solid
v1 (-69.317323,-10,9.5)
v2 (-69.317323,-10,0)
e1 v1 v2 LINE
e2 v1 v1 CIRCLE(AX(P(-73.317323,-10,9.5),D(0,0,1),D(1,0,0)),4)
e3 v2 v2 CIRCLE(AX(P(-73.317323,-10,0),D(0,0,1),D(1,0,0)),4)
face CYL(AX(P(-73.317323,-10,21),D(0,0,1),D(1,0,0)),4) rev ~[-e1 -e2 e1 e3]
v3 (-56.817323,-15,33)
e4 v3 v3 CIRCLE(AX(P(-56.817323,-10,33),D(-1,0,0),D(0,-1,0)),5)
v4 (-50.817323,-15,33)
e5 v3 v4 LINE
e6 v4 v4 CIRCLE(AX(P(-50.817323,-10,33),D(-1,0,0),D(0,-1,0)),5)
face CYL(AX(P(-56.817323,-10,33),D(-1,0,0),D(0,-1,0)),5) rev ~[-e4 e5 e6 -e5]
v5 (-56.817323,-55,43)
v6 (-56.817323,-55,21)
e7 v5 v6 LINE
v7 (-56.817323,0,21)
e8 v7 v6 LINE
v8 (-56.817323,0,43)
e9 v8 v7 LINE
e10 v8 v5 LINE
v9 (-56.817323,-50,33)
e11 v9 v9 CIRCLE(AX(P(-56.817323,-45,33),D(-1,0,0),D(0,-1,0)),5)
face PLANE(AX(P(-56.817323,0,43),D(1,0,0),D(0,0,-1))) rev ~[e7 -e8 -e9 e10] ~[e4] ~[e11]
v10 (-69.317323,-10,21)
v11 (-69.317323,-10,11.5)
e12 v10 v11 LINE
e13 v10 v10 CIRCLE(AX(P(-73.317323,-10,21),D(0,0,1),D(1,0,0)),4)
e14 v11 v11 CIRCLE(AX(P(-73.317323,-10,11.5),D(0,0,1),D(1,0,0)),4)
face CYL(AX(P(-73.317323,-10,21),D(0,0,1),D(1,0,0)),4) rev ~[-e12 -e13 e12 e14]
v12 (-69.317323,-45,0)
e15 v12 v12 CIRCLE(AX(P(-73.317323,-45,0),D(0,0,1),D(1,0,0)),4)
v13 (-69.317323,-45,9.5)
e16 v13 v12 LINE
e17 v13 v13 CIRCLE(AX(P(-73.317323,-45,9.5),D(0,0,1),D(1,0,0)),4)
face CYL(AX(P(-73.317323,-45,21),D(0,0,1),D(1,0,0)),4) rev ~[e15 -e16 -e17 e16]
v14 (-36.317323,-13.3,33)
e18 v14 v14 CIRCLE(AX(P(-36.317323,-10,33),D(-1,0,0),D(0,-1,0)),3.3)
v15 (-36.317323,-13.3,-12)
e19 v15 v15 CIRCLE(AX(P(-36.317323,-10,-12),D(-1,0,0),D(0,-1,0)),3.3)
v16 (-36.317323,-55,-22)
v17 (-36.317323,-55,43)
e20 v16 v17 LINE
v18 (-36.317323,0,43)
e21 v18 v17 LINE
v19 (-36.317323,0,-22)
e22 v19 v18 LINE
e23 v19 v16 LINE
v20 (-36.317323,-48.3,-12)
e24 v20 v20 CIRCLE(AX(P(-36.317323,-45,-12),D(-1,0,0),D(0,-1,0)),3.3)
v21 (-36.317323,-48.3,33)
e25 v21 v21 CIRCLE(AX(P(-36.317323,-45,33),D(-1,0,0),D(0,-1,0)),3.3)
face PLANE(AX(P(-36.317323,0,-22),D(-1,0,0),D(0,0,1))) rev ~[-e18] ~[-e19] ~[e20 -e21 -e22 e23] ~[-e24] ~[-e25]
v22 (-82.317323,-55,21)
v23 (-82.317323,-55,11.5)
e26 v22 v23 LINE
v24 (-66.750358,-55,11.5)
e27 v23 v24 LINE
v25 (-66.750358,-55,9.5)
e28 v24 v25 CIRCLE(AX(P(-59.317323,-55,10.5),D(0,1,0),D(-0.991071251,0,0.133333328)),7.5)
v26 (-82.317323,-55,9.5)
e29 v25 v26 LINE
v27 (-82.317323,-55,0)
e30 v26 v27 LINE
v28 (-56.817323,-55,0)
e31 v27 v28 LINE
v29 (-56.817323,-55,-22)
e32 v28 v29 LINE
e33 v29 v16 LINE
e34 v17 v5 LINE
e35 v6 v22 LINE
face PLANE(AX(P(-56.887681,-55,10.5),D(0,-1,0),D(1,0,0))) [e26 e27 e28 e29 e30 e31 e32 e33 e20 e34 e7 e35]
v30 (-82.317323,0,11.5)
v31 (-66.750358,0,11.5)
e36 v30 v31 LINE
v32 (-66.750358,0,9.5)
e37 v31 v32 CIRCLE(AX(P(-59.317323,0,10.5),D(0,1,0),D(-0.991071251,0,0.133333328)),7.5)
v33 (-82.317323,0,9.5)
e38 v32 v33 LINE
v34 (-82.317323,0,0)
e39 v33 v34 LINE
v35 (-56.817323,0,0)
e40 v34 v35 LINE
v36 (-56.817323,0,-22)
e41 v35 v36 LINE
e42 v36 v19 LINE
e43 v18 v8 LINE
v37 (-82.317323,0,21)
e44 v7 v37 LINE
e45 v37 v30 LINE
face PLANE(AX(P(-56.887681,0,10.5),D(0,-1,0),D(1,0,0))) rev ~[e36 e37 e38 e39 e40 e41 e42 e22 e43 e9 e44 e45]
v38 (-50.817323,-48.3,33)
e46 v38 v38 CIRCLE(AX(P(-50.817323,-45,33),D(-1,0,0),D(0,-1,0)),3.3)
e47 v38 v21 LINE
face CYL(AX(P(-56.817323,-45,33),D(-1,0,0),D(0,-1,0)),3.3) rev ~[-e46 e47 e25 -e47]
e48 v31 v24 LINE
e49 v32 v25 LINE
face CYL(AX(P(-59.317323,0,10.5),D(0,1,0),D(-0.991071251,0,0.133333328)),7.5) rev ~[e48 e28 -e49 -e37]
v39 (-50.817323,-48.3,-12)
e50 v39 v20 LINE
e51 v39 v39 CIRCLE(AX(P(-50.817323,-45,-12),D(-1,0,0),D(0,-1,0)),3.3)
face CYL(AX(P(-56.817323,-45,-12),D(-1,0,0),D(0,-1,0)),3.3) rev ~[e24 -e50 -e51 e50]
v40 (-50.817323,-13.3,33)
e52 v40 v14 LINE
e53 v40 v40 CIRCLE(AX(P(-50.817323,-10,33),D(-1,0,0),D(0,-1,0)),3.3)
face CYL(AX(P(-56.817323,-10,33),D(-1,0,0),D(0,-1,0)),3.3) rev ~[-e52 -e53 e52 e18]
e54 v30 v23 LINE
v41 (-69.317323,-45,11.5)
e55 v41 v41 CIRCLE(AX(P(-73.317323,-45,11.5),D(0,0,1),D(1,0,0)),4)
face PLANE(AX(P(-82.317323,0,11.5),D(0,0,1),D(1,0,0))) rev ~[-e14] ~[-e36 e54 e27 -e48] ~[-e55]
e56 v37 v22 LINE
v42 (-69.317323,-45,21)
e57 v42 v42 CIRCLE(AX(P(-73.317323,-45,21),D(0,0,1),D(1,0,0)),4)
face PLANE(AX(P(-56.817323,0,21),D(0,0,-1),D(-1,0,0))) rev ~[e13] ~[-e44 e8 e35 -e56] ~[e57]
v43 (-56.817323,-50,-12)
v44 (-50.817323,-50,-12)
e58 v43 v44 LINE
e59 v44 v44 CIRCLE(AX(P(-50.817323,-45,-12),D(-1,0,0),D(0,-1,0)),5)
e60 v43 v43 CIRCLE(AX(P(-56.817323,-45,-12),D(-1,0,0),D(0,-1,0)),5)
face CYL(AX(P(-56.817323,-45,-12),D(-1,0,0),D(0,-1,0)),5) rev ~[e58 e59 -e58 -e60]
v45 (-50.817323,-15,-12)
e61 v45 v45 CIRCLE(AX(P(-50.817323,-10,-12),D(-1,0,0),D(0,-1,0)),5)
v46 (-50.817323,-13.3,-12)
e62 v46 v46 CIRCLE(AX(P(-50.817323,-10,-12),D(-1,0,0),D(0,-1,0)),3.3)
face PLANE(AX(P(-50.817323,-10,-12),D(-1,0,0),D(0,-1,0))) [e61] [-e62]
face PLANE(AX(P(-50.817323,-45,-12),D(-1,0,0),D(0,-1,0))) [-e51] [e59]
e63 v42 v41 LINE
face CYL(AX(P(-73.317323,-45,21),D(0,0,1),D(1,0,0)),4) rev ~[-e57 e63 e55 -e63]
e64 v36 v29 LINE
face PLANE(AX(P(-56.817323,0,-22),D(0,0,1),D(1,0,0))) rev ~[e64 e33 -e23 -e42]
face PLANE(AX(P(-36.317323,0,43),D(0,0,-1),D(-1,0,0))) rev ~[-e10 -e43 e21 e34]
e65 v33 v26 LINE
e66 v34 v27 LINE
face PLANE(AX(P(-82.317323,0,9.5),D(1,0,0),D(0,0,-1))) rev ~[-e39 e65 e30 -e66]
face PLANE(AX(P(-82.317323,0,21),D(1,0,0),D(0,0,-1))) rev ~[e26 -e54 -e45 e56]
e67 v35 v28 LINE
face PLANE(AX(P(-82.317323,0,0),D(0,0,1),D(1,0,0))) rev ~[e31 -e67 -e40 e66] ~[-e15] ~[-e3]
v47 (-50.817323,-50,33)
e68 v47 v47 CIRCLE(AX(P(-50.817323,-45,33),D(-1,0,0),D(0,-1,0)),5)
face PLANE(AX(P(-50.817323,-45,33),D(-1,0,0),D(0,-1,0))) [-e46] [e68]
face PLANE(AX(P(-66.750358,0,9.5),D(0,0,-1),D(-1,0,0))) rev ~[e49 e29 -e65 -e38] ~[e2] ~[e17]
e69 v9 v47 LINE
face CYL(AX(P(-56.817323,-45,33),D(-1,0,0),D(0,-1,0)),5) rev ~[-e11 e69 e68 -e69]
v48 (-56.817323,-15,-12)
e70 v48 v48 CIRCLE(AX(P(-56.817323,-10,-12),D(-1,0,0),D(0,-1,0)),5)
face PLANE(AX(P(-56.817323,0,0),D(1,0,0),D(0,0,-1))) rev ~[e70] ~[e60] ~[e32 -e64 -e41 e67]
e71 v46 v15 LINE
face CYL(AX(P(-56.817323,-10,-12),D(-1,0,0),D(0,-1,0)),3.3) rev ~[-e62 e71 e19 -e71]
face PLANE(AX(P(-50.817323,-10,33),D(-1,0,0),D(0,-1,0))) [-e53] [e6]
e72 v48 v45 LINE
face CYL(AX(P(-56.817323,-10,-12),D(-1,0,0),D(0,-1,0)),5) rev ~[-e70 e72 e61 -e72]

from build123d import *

# Parameters (mm, degrees)
F1_DEPTH = 55
F2_R     = 4
F3_DEPTH = 25
F4_R     = 5
F4_R_2   = 3.3
F5_DEPTH = 6
F6_DEPTH = 25
F7_R     = 5
F7_R_2   = 3.3
F8_DEPTH = 6
F9_DEPTH = 25


with BuildPart() as f1:
    # F0 (on Front) → F1 (new body)
    with BuildSketch(Plane.XZ):
        with BuildLine():
            Line((-36.317323, 43), (-56.817323, 43))
            Line((-56.817323, 43), (-56.817323, 21))
            Line((-56.817323, 21), (-82.317323, 21))
            Line((-82.317323, 21), (-82.317323, 11.5))
            Line((-82.317323, 11.5), (-66.750358, 11.5))
            ThreePointArc((-66.750358, 11.5), (-51.817323, 10.5), (-66.750358, 9.5))
            Line((-66.750358, 9.5), (-82.317323, 9.5))
            Line((-82.317323, 9.5), (-82.317323, 0))
            Line((-82.317323, 0), (-56.817323, 0))
            Line((-56.817323, 0), (-56.817323, -22))
            Line((-56.817323, -22), (-36.317323, -22))
            Line((-36.317323, -22), (-36.317323, 43))
        make_face()
    extrude(amount=F1_DEPTH)

    # F2 (on face) → F3 (cut)
    with BuildSketch(Plane.XY.offset(21)):
        with Locations((-73.317323, -10)):
            Circle(F2_R)
        with Locations((-73.317323, -45)):
            Circle(F2_R)
    extrude(amount=-F3_DEPTH, mode=Mode.SUBTRACT)

    # F4 (on face) → F5 (cut)
    with BuildSketch(Plane(origin=(-56.817323, 0, 0), x_dir=(0, -1, 0), z_dir=(-1, 0, 0))):
        with Locations((10, -12)):
            Circle(F4_R)
        with Locations((10, -12)):
            Circle(F4_R_2, mode=Mode.SUBTRACT)
        with Locations((10, -12)):
            Circle(F4_R_2)
        with Locations((45, -12)):
            Circle(F4_R_2)
        with Locations((45, -12)):
            Circle(F4_R)
        with Locations((45, -12)):
            Circle(F4_R_2, mode=Mode.SUBTRACT)
    extrude(amount=-F5_DEPTH, mode=Mode.SUBTRACT)

    # F4 (on face) → F6 (cut)
    with BuildSketch(Plane(origin=(-56.817323, 0, 0), x_dir=(0, -1, 0), z_dir=(-1, 0, 0))):
        with Locations((10, -12)):
            Circle(F4_R_2)
        with Locations((45, -12)):
            Circle(F4_R_2)
    extrude(amount=-F6_DEPTH, mode=Mode.SUBTRACT)

    # F7 (on face) → F8 (cut)
    with BuildSketch(Plane(origin=(-56.817323, 0, 0), x_dir=(0, -1, 0), z_dir=(-1, 0, 0))):
        with Locations((10, 33)):
            Circle(F7_R)
        with Locations((10, 33)):
            Circle(F7_R_2, mode=Mode.SUBTRACT)
        with Locations((45, 33)):
            Circle(F7_R)
        with Locations((45, 33)):
            Circle(F7_R_2, mode=Mode.SUBTRACT)
    extrude(amount=-F8_DEPTH, mode=Mode.SUBTRACT)

    # F7 (on face) → F9 (cut)
    with BuildSketch(Plane(origin=(-56.817323, 0, 0), x_dir=(0, -1, 0), z_dir=(-1, 0, 0))):
        with Locations((10, 33)):
            Circle(F7_R_2)
        with Locations((45, 33)):
            Circle(F7_R_2)
    extrude(amount=-F9_DEPTH, mode=Mode.SUBTRACT)


solid = f1.part
